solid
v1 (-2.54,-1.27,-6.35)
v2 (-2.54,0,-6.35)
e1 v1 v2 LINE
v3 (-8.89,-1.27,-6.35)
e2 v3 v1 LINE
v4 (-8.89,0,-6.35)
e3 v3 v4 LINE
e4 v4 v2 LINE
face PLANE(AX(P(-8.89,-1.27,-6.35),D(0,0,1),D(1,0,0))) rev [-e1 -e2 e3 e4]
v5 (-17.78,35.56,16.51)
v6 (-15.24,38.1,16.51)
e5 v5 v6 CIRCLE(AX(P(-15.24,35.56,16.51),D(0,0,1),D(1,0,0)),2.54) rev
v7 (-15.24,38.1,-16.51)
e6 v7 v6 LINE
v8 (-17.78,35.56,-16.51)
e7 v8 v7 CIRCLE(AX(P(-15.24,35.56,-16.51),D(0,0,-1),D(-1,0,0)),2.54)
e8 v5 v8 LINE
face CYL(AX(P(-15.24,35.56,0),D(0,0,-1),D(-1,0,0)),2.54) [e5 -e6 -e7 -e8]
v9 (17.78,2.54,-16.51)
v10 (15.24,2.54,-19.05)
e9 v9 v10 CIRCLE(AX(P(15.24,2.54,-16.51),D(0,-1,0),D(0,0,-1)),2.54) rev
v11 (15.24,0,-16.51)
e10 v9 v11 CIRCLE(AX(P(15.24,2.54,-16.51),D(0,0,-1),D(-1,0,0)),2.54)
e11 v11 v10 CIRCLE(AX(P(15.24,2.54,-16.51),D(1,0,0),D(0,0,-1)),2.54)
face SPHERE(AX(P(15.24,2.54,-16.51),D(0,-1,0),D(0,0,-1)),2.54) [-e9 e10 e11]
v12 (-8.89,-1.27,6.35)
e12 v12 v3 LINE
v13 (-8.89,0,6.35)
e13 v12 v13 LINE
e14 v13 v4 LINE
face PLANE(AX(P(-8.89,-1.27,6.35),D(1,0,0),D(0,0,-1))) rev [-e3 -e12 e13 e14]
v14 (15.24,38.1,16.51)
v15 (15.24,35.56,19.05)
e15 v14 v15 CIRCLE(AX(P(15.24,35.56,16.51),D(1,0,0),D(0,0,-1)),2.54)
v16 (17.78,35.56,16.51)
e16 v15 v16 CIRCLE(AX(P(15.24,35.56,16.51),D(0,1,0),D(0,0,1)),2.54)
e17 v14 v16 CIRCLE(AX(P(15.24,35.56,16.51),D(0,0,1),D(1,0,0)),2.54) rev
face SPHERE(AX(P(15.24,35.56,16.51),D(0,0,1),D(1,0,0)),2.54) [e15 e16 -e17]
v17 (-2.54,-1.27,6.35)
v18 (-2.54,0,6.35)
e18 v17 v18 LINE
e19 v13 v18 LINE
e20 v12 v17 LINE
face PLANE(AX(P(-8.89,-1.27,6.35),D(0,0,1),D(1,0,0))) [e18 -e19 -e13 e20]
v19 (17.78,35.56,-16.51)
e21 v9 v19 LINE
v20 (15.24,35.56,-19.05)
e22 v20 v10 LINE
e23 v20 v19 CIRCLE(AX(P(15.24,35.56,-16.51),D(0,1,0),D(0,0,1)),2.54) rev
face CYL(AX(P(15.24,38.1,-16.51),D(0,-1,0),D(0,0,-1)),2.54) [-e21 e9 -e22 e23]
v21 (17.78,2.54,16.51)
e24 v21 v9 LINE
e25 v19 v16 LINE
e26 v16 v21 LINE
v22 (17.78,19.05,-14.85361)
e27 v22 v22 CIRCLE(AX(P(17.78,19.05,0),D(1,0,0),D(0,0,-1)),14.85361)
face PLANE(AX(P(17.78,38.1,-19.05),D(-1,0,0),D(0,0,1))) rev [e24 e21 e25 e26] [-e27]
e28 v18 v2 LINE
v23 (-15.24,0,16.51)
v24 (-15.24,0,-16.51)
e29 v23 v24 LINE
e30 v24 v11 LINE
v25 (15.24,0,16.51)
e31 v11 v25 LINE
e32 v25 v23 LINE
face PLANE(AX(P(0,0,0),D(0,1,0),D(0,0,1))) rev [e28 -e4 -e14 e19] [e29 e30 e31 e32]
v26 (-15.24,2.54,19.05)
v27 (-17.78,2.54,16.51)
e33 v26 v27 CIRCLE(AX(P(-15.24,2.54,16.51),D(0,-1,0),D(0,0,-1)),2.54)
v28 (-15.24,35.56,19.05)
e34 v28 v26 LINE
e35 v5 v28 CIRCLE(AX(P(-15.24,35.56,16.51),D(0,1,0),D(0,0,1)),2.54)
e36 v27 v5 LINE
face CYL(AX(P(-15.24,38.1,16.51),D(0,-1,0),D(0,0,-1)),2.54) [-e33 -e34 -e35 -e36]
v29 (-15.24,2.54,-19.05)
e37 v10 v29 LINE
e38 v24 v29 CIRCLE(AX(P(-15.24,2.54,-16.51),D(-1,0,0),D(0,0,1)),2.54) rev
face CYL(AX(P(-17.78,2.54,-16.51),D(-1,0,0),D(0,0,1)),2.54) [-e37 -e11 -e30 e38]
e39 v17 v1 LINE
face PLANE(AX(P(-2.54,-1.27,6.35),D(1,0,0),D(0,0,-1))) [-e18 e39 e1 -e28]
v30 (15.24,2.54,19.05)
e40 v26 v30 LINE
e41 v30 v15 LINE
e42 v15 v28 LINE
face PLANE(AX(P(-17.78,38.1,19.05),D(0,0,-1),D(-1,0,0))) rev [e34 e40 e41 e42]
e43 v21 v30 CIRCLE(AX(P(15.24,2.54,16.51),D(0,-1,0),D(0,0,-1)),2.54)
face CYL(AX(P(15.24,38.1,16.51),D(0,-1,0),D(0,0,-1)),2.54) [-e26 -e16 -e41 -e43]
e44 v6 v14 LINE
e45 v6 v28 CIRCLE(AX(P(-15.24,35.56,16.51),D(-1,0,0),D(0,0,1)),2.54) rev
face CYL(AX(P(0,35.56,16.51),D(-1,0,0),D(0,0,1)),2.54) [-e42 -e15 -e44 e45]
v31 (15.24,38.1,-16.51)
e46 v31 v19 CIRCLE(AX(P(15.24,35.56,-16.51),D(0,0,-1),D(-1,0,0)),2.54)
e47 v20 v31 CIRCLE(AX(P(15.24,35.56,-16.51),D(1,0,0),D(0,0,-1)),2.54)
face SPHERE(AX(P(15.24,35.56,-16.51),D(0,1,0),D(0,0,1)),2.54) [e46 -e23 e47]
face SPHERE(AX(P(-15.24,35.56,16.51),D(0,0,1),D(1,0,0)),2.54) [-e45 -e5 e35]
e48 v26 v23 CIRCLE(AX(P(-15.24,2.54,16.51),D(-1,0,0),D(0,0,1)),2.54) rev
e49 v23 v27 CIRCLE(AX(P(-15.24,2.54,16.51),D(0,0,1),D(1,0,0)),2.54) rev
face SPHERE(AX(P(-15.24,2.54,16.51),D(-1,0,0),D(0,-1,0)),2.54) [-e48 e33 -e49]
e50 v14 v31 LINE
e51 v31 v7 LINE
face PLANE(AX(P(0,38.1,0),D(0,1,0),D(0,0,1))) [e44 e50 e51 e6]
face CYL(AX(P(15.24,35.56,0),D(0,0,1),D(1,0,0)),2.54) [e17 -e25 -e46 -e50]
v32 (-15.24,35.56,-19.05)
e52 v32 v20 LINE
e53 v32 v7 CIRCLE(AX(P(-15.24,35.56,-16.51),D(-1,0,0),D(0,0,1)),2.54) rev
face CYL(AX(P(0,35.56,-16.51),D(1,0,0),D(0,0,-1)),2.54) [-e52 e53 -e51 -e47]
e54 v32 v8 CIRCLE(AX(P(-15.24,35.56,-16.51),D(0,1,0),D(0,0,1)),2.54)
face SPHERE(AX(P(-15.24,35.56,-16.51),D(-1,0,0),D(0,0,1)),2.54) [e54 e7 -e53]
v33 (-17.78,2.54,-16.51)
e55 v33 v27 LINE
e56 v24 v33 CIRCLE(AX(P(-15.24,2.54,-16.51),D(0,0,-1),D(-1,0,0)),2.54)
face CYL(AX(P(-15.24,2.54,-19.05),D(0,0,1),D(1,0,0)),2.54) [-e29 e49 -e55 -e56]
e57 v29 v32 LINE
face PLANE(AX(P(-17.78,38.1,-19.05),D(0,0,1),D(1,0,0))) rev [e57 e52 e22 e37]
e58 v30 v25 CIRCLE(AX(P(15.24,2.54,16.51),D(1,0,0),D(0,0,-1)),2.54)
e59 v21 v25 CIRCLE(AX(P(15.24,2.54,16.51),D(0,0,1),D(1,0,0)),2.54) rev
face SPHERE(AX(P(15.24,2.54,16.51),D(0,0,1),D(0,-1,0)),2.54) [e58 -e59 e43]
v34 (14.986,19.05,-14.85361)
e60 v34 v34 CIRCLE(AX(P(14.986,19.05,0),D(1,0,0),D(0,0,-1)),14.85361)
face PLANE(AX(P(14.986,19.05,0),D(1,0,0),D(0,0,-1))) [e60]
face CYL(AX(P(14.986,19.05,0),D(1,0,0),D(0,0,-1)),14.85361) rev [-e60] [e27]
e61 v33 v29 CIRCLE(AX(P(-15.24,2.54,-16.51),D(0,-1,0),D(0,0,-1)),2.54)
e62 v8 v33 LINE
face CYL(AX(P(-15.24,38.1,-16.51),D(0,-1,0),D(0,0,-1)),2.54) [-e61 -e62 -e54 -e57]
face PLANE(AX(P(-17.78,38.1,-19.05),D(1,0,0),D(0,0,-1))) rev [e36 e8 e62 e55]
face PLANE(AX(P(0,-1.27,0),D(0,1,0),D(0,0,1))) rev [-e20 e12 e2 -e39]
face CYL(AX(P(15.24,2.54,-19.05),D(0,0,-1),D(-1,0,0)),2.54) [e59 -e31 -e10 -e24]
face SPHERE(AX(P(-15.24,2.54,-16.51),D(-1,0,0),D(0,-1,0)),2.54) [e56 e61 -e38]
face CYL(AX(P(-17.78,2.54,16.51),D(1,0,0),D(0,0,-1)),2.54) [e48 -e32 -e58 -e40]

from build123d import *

# Parameters (mm, degrees)
SKETCH1_W           = 35.56
SKETCH1_H           = 38.1
BOSS_EXTRUDE1_DEPTH = 38.1
FILLET1_R           = 2.54
SKETCH4_R           = 14.853609937
CUT_EXTRUDE2_DEPTH  = 2.794
SKETCH5_W           = 6.35
SKETCH5_H           = 12.7
BOSS_EXTRUDE2_DEPTH = 1.27


with BuildPart() as part:
    # Sketch1 → Boss-Extrude1 (new body)
    with BuildSketch(Plane(origin=(0, 0, 0), x_dir=(1, 0, 0), z_dir=(0, 1, 0))):
        Rectangle(SKETCH1_W, SKETCH1_H)
    extrude(amount=BOSS_EXTRUDE1_DEPTH)

    # Fillet1
    fillet1_edges = [part.edges().sort_by_distance(p)[0] for p in [
        (-17.78, 38.1, 0),
        (0, 38.1, 19.05),
        (17.78, 38.1, 0),
        (0, 0, 19.05),
        (-17.78, 0, 0),
        (0, 0, -19.05),
        (17.78, 0, 0),
        (17.78, 19.05, 19.05),
        (-17.78, 19.05, 19.05),
        (-17.78, 19.05, -19.05),
        (17.78, 19.05, -19.05),
        (0, 38.1, -19.05),
    ]]
    fillet(fillet1_edges, radius=FILLET1_R)

    # Sketch4 → Cut-Extrude2 (cut)
    with BuildSketch(Plane(origin=(17.78, 0, 0), x_dir=(0, 0, -1), z_dir=(1, 0, 0))):
        with Locations((0, 19.05)):
            Circle(SKETCH4_R)
    extrude(amount=-CUT_EXTRUDE2_DEPTH, mode=Mode.SUBTRACT)

    # Sketch5 → Boss-Extrude2 (add)
    with BuildSketch(Plane.XZ):
        with Locations((-5.715, 0)):
            Rectangle(SKETCH5_W, SKETCH5_H)
    extrude(amount=BOSS_EXTRUDE2_DEPTH)


solid = part.part
